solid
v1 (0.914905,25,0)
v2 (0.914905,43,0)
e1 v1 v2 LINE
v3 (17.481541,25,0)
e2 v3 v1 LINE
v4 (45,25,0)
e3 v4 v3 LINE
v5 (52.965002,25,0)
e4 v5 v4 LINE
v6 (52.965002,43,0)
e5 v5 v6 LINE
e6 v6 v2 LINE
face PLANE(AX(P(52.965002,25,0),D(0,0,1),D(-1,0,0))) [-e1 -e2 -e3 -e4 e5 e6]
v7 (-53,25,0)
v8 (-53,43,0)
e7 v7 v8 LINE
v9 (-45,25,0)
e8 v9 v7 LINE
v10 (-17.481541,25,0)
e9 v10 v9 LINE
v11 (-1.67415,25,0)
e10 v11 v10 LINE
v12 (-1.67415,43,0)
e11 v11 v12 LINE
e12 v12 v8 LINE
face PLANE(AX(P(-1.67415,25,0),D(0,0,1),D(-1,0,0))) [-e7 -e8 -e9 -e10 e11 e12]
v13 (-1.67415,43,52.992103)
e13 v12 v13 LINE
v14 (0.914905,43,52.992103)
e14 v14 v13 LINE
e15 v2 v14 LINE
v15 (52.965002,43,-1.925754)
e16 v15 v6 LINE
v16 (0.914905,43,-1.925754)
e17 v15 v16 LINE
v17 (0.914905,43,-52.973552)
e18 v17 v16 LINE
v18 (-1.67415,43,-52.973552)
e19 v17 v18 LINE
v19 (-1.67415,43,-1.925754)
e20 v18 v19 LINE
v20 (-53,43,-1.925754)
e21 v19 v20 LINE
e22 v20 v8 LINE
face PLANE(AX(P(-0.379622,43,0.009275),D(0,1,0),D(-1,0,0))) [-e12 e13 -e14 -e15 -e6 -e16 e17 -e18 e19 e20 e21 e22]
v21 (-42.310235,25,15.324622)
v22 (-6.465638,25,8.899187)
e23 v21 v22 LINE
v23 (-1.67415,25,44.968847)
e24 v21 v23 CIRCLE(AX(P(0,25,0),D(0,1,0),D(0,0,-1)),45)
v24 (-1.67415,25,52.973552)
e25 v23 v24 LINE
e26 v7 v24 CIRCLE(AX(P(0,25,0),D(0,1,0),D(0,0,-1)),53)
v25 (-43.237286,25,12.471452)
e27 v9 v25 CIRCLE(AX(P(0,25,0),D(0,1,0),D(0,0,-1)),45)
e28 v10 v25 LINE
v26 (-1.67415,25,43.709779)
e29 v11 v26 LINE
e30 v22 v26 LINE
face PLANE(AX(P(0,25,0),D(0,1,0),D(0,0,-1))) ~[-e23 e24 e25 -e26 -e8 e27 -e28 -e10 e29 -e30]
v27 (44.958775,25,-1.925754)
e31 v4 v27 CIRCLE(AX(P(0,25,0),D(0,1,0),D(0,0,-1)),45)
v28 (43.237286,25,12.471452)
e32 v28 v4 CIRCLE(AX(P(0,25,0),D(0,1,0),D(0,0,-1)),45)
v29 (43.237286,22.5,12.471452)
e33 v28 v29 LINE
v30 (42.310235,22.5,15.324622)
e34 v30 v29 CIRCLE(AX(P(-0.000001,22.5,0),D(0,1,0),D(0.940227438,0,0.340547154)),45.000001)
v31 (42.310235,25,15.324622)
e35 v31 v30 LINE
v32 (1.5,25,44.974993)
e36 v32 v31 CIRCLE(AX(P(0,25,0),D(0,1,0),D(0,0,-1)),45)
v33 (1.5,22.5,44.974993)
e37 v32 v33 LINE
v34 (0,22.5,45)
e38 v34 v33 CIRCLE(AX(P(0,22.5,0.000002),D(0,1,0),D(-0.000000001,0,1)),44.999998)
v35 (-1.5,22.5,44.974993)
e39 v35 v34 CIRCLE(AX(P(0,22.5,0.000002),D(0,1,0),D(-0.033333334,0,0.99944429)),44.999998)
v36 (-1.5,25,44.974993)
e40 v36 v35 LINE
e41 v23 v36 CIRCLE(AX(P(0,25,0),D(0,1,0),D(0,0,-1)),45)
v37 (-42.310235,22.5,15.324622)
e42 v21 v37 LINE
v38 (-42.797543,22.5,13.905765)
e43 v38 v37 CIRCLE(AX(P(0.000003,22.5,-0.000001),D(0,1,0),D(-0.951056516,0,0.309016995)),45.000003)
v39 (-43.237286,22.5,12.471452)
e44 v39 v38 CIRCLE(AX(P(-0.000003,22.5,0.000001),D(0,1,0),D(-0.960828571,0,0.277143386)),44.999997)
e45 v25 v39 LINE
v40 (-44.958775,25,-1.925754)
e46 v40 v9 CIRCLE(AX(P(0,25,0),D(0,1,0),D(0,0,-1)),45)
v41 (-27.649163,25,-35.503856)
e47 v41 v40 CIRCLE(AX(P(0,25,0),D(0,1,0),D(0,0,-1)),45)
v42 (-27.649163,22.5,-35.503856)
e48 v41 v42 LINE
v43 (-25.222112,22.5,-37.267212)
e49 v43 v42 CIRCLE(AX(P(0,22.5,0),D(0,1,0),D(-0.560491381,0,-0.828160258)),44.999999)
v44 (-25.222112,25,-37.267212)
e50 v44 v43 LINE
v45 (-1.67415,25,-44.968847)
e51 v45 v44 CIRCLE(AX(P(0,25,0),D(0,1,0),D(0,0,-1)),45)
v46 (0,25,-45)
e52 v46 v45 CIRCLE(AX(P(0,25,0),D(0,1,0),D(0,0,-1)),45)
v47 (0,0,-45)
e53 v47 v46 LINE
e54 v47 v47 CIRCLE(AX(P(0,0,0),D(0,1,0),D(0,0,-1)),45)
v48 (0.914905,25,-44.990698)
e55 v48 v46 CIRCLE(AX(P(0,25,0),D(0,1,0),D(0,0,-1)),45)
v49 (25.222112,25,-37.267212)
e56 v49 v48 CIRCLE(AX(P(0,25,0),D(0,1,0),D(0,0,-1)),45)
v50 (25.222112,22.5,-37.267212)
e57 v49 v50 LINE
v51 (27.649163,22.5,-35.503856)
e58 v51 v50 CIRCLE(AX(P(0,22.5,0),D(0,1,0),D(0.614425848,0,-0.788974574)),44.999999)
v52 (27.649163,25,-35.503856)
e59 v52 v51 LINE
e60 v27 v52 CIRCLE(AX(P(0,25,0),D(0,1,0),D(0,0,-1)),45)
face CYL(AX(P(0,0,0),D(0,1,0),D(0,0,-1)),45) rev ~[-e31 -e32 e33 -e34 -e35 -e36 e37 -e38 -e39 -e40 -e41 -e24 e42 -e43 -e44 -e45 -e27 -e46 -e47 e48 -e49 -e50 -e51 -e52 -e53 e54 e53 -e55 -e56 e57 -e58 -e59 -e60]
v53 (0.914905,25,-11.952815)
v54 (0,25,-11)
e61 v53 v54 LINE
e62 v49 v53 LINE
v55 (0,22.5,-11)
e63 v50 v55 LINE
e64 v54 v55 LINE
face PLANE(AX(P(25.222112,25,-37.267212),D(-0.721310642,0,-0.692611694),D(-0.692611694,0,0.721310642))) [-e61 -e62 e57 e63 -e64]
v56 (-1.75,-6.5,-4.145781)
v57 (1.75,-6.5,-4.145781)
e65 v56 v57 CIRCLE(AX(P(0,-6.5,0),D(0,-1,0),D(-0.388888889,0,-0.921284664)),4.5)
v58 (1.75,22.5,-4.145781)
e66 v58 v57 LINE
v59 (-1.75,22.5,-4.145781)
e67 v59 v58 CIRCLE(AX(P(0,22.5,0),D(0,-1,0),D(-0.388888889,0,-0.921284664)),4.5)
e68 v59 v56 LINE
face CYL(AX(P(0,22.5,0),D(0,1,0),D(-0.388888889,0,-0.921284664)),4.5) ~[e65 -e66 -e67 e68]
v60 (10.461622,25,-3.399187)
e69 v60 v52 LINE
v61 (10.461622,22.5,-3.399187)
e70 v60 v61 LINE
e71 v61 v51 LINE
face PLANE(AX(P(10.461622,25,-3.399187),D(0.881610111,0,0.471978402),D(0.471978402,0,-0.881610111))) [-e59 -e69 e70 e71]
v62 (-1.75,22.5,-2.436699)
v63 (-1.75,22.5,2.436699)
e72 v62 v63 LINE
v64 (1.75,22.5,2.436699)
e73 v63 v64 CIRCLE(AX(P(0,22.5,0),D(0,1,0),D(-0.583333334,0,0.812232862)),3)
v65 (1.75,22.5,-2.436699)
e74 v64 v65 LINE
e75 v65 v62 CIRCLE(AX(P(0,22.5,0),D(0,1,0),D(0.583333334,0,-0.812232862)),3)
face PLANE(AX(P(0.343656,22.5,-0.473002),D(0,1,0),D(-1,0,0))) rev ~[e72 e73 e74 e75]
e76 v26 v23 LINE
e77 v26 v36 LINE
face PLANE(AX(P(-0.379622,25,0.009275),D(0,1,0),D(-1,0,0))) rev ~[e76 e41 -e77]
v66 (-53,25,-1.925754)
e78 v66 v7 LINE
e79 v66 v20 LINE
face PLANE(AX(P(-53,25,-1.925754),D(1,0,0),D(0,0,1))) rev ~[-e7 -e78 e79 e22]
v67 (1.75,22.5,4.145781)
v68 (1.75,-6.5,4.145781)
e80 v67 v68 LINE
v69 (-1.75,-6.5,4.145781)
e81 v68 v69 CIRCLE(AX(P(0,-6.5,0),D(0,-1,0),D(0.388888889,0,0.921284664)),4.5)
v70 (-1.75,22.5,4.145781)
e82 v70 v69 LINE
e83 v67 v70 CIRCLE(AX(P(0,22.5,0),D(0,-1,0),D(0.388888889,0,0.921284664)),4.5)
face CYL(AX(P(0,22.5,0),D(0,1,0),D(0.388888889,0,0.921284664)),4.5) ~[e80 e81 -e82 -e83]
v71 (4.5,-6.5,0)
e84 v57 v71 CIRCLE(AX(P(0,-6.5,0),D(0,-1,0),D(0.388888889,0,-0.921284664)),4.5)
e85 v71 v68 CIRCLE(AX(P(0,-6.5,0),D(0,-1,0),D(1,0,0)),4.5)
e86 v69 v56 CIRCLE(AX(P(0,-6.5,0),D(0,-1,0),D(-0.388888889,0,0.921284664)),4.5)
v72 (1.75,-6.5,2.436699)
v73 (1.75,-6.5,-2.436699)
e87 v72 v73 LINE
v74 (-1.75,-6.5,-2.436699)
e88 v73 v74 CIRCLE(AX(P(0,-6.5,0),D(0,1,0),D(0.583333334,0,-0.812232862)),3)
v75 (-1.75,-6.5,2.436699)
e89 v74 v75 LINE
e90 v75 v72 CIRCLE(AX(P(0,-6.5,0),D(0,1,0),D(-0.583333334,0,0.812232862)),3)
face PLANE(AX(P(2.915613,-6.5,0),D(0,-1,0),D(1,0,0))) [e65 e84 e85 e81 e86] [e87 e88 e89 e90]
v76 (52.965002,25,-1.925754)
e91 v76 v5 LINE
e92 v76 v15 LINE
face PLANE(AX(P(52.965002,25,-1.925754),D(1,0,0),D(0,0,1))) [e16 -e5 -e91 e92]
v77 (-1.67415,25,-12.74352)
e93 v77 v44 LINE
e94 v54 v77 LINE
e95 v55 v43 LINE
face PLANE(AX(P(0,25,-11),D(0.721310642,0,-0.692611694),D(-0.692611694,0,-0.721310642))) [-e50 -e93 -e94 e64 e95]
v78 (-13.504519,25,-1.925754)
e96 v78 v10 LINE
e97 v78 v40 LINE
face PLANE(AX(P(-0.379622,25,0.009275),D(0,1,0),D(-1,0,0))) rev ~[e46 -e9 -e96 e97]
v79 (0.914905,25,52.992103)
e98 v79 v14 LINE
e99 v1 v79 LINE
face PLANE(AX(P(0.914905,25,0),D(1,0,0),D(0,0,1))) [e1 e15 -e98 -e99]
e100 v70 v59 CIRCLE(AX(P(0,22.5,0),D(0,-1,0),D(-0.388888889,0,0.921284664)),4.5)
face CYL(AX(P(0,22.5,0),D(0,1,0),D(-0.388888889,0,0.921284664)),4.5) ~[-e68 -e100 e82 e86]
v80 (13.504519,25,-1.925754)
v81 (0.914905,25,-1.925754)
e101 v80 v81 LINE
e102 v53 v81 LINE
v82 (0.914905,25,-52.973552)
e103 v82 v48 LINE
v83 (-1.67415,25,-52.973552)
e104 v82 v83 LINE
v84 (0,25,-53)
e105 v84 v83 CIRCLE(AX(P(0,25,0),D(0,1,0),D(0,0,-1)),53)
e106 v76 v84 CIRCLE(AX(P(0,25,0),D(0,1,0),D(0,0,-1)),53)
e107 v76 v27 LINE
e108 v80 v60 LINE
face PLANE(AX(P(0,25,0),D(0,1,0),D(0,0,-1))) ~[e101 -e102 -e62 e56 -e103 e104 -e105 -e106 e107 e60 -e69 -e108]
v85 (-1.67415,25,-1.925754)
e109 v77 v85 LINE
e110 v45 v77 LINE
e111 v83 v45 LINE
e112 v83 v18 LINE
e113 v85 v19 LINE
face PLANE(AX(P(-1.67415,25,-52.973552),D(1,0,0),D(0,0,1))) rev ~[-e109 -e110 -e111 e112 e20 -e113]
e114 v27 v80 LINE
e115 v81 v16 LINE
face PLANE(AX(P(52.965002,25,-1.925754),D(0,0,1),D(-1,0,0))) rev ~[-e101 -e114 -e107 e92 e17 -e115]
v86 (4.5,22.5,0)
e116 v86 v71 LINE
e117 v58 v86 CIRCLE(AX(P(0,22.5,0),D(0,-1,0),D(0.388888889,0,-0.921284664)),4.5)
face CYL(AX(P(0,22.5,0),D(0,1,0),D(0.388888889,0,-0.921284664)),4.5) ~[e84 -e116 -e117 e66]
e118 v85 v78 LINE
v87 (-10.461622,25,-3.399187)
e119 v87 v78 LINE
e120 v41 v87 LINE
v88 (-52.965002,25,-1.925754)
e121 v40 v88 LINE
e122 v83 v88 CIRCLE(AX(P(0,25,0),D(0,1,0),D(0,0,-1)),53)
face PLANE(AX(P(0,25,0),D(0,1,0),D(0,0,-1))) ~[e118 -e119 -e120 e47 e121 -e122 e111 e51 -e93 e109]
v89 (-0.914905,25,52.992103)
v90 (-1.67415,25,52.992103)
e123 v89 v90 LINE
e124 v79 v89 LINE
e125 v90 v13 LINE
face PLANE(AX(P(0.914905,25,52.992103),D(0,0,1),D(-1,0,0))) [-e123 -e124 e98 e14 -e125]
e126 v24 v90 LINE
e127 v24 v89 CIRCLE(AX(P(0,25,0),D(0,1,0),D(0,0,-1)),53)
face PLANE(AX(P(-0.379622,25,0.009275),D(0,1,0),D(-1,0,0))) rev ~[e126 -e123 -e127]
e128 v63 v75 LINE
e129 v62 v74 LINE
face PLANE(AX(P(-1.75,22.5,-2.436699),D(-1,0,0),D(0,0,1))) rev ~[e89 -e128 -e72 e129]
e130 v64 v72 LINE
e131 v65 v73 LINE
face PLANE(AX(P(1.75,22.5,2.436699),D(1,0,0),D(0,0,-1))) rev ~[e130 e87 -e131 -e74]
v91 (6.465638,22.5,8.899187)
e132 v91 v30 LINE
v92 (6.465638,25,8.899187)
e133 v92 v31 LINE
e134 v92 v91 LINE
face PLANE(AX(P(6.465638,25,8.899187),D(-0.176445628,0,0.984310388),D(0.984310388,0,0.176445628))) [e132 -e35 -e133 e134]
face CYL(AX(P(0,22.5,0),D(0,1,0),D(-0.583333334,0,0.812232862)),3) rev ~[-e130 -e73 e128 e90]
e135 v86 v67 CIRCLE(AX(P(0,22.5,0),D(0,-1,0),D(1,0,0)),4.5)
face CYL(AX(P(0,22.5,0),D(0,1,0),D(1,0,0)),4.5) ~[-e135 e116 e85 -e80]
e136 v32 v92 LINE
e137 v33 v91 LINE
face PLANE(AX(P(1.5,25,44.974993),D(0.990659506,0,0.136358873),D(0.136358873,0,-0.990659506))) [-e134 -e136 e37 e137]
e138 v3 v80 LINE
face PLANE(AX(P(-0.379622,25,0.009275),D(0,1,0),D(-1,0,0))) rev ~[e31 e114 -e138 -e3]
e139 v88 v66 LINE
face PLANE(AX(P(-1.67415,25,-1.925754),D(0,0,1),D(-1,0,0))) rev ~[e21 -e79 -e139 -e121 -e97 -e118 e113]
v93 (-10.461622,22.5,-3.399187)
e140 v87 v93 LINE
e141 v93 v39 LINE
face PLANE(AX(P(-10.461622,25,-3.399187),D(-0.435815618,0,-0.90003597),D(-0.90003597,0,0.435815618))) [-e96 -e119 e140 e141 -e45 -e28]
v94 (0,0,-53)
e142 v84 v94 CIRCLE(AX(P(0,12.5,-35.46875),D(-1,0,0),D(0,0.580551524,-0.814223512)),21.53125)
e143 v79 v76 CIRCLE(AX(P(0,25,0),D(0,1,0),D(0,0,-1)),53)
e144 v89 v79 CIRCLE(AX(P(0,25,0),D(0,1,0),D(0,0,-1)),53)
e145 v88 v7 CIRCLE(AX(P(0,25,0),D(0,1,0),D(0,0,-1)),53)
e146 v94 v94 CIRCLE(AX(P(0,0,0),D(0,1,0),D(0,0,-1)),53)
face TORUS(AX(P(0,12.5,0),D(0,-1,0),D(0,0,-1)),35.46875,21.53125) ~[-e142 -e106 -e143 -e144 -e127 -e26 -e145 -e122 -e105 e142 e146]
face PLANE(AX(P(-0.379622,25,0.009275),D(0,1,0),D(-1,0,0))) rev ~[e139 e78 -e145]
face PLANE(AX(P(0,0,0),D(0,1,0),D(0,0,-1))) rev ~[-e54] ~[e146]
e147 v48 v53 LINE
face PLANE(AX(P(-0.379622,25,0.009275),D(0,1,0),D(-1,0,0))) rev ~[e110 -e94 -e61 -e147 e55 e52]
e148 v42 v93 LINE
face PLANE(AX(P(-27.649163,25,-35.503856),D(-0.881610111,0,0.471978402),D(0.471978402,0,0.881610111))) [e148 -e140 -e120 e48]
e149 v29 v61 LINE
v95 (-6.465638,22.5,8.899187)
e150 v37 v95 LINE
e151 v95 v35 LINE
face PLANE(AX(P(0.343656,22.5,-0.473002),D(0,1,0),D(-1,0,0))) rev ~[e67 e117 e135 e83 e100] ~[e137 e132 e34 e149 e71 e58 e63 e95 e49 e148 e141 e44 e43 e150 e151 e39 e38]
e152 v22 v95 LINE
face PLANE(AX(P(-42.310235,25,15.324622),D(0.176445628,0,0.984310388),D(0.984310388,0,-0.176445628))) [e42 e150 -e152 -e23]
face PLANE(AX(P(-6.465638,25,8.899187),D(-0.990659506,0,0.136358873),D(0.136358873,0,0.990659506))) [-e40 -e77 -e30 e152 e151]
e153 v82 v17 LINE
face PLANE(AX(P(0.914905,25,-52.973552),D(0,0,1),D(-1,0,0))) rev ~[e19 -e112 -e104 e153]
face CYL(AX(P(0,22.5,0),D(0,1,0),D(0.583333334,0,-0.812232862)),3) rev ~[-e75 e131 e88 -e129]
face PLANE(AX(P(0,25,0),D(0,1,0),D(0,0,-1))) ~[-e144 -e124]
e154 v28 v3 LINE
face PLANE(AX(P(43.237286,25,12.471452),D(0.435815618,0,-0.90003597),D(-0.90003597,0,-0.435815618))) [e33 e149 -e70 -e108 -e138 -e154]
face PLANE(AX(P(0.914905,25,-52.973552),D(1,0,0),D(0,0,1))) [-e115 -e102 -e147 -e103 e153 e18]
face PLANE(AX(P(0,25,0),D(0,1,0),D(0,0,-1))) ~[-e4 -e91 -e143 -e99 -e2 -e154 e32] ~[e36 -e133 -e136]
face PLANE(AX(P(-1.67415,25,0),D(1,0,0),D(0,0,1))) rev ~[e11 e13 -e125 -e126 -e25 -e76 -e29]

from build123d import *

# Parameters (mm, degrees)
BOSS_EXTRUDE3_DEPTH = 2.5
BOSS_EXTRUDE4_DEPTH = 29
SKETCH4_W           = 2.589054973
SKETCH4_H           = 105.965654802
SKETCH4_W_2         = 105.965002317
SKETCH4_H_2         = 1.925754282
BOSS_EXTRUDE5_DEPTH = 18


with BuildPart() as part:
    # Sketch1 → Revolve1 (revolve)
    with BuildSketch(Plane.YZ, mode=Mode.PRIVATE) as revolve1_sk:
        with BuildLine():
            Line((0, 45), (25, 45))
            Line((25, 45), (25, 53))
            ThreePointArc((25, 53), (12.5, 57), (0, 53))
            Line((0, 53), (0, 45))
        make_face()
    revolve(revolve1_sk.sketch.rotate(Axis((0, 0, 0), (0, 1, 0)), 180), axis=Axis((0, 0, 0), (0, 1, 0)))

    # Sketch2 → Boss-Extrude3 (add)
    with BuildSketch(Plane(origin=(0, 25, 0), x_dir=(-1, 0, 0), z_dir=(0, 1, 0))):
        with BuildLine():
            Line((42.797543233, 13.905764747), (0, 0))
            Line((0, 0), (0, 44.974993052))
            Line((0, 44.974993052), (0, 45))
            ThreePointArc((0, 45), (-0.750104217, 44.993747829), (-1.5, 44.974993052))
            Line((-1.5, 44.974993052), (-6.465637775, 8.899186938))
            Line((-6.465637775, 8.899186938), (-42.310234721, 15.324621949))
            ThreePointArc((-42.310234721, 15.324621949), (-42.797543233, 13.905764747), (-43.237285704, 12.4714524))
            Line((-43.237285704, 12.4714524), (-10.461621679, -3.399186938))
            Line((-10.461621679, -3.399186938), (-27.649163129, -35.503855822))
            ThreePointArc((-27.649163129, -35.503855822), (-26.450336353, -36.405764747), (-25.222112146, -37.267211579))
            Line((-25.222112146, -37.267211579), (0, -11))
            Line((0, -11), (25.222112146, -37.267211579))
            ThreePointArc((25.222112146, -37.267211579), (26.450336353, -36.405764747), (27.649163129, -35.503855822))
            Line((27.649163129, -35.503855822), (10.461621679, -3.399186938))
            Line((10.461621679, -3.399186938), (43.237285704, 12.4714524))
            ThreePointArc((43.237285704, 12.4714524), (43.023392016, 13.190441216), (42.797543233, 13.905764747))
        make_face()
        with BuildLine():
            Line((6.465637775, 8.899186938), (0, 0))
            Line((0, 0), (42.797543233, 13.905764747))
            ThreePointArc((42.797543233, 13.905764747), (42.559802114, 14.617224223), (42.310234721, 15.324621949))
            Line((42.310234721, 15.324621949), (6.465637775, 8.899186938))
        make_face()
        Polygon((0, 44.974993052), (0, 0), (6.465637775, 8.899186938), (1.5, 44.974993052), align=None)
        with BuildLine():
            Line((0, 45), (0, 44.974993052))
            Line((0, 44.974993052), (1.5, 44.974993052))
            ThreePointArc((1.5, 44.974993052), (0.750104217, 44.993747829), (0, 45))
        make_face()
    extrude(amount=-BOSS_EXTRUDE3_DEPTH)

    # Sketch3 → Boss-Extrude4 (add)
    with BuildSketch(Plane.XZ.offset(-22.5)):
        with BuildLine():
            Line((1.75, 4.145780988), (1.75, 2.436698586))
            ThreePointArc((1.75, 2.436698586), (2.669269563, 1.369306394), (3, 0))
            ThreePointArc((3, 0), (2.669269563, -1.369306394), (1.75, -2.436698586))
            Line((1.75, -2.436698586), (1.75, -4.145780988))
            ThreePointArc((1.75, -4.145780988), (3.75, -2.487468593), (4.5, 0))
            ThreePointArc((4.5, 0), (3.75, 2.487468593), (1.75, 4.145780988))
        make_face()
        with BuildLine():
            ThreePointArc((3, 0), (2.669269563, 1.369306394), (1.75, 2.436698586))
            Line((1.75, 2.436698586), (1.75, 0))
            Line((1.75, 0), (1.75, -2.436698586))
            ThreePointArc((1.75, -2.436698586), (2.669269563, -1.369306394), (3, 0))
        make_face()
        with BuildLine():
            Line((-1.75, -2.436698586), (-1.75, 0))
            Line((-1.75, 0), (-1.75, 2.436698586))
            ThreePointArc((-1.75, 2.436698586), (-3, 0), (-1.75, -2.436698586))
        make_face()
        with BuildLine():
            ThreePointArc((-1.75, -2.436698586), (-3, 0), (-1.75, 2.436698586))
            Line((-1.75, 2.436698586), (-1.75, 4.145780988))
            ThreePointArc((-1.75, 4.145780988), (-4.5, 0), (-1.75, -4.145780988))
            Line((-1.75, -4.145780988), (-1.75, -2.436698586))
        make_face()
        with BuildLine():
            Line((-1.75, 4.145780988), (-1.75, 2.436698586))
            ThreePointArc((-1.75, 2.436698586), (0, 3), (1.75, 2.436698586))
            Line((1.75, 2.436698586), (1.75, 4.145780988))
            ThreePointArc((1.75, 4.145780988), (0, 4.5), (-1.75, 4.145780988))
        make_face()
        with BuildLine():
            ThreePointArc((1.75, -2.436698586), (0, -3), (-1.75, -2.436698586))
            Line((-1.75, -2.436698586), (-1.75, -4.145780988))
            ThreePointArc((-1.75, -4.145780988), (0, -4.5), (1.75, -4.145780988))
            Line((1.75, -4.145780988), (1.75, -2.436698586))
        make_face()
    extrude(amount=BOSS_EXTRUDE4_DEPTH)

    # Sketch4 → Boss-Extrude5 (add)
    with BuildSketch(Plane(origin=(0, 25, 0), x_dir=(-1, 0, 0), z_dir=(0, 1, 0))):
        with Locations((0.379622384, 0.0092753)):
            Rectangle(SKETCH4_W, SKETCH4_H)
        with Locations((0.017498841, -0.962877141)):
            Rectangle(SKETCH4_W_2, SKETCH4_H_2)
    extrude(amount=BOSS_EXTRUDE5_DEPTH)


solid = part.part
